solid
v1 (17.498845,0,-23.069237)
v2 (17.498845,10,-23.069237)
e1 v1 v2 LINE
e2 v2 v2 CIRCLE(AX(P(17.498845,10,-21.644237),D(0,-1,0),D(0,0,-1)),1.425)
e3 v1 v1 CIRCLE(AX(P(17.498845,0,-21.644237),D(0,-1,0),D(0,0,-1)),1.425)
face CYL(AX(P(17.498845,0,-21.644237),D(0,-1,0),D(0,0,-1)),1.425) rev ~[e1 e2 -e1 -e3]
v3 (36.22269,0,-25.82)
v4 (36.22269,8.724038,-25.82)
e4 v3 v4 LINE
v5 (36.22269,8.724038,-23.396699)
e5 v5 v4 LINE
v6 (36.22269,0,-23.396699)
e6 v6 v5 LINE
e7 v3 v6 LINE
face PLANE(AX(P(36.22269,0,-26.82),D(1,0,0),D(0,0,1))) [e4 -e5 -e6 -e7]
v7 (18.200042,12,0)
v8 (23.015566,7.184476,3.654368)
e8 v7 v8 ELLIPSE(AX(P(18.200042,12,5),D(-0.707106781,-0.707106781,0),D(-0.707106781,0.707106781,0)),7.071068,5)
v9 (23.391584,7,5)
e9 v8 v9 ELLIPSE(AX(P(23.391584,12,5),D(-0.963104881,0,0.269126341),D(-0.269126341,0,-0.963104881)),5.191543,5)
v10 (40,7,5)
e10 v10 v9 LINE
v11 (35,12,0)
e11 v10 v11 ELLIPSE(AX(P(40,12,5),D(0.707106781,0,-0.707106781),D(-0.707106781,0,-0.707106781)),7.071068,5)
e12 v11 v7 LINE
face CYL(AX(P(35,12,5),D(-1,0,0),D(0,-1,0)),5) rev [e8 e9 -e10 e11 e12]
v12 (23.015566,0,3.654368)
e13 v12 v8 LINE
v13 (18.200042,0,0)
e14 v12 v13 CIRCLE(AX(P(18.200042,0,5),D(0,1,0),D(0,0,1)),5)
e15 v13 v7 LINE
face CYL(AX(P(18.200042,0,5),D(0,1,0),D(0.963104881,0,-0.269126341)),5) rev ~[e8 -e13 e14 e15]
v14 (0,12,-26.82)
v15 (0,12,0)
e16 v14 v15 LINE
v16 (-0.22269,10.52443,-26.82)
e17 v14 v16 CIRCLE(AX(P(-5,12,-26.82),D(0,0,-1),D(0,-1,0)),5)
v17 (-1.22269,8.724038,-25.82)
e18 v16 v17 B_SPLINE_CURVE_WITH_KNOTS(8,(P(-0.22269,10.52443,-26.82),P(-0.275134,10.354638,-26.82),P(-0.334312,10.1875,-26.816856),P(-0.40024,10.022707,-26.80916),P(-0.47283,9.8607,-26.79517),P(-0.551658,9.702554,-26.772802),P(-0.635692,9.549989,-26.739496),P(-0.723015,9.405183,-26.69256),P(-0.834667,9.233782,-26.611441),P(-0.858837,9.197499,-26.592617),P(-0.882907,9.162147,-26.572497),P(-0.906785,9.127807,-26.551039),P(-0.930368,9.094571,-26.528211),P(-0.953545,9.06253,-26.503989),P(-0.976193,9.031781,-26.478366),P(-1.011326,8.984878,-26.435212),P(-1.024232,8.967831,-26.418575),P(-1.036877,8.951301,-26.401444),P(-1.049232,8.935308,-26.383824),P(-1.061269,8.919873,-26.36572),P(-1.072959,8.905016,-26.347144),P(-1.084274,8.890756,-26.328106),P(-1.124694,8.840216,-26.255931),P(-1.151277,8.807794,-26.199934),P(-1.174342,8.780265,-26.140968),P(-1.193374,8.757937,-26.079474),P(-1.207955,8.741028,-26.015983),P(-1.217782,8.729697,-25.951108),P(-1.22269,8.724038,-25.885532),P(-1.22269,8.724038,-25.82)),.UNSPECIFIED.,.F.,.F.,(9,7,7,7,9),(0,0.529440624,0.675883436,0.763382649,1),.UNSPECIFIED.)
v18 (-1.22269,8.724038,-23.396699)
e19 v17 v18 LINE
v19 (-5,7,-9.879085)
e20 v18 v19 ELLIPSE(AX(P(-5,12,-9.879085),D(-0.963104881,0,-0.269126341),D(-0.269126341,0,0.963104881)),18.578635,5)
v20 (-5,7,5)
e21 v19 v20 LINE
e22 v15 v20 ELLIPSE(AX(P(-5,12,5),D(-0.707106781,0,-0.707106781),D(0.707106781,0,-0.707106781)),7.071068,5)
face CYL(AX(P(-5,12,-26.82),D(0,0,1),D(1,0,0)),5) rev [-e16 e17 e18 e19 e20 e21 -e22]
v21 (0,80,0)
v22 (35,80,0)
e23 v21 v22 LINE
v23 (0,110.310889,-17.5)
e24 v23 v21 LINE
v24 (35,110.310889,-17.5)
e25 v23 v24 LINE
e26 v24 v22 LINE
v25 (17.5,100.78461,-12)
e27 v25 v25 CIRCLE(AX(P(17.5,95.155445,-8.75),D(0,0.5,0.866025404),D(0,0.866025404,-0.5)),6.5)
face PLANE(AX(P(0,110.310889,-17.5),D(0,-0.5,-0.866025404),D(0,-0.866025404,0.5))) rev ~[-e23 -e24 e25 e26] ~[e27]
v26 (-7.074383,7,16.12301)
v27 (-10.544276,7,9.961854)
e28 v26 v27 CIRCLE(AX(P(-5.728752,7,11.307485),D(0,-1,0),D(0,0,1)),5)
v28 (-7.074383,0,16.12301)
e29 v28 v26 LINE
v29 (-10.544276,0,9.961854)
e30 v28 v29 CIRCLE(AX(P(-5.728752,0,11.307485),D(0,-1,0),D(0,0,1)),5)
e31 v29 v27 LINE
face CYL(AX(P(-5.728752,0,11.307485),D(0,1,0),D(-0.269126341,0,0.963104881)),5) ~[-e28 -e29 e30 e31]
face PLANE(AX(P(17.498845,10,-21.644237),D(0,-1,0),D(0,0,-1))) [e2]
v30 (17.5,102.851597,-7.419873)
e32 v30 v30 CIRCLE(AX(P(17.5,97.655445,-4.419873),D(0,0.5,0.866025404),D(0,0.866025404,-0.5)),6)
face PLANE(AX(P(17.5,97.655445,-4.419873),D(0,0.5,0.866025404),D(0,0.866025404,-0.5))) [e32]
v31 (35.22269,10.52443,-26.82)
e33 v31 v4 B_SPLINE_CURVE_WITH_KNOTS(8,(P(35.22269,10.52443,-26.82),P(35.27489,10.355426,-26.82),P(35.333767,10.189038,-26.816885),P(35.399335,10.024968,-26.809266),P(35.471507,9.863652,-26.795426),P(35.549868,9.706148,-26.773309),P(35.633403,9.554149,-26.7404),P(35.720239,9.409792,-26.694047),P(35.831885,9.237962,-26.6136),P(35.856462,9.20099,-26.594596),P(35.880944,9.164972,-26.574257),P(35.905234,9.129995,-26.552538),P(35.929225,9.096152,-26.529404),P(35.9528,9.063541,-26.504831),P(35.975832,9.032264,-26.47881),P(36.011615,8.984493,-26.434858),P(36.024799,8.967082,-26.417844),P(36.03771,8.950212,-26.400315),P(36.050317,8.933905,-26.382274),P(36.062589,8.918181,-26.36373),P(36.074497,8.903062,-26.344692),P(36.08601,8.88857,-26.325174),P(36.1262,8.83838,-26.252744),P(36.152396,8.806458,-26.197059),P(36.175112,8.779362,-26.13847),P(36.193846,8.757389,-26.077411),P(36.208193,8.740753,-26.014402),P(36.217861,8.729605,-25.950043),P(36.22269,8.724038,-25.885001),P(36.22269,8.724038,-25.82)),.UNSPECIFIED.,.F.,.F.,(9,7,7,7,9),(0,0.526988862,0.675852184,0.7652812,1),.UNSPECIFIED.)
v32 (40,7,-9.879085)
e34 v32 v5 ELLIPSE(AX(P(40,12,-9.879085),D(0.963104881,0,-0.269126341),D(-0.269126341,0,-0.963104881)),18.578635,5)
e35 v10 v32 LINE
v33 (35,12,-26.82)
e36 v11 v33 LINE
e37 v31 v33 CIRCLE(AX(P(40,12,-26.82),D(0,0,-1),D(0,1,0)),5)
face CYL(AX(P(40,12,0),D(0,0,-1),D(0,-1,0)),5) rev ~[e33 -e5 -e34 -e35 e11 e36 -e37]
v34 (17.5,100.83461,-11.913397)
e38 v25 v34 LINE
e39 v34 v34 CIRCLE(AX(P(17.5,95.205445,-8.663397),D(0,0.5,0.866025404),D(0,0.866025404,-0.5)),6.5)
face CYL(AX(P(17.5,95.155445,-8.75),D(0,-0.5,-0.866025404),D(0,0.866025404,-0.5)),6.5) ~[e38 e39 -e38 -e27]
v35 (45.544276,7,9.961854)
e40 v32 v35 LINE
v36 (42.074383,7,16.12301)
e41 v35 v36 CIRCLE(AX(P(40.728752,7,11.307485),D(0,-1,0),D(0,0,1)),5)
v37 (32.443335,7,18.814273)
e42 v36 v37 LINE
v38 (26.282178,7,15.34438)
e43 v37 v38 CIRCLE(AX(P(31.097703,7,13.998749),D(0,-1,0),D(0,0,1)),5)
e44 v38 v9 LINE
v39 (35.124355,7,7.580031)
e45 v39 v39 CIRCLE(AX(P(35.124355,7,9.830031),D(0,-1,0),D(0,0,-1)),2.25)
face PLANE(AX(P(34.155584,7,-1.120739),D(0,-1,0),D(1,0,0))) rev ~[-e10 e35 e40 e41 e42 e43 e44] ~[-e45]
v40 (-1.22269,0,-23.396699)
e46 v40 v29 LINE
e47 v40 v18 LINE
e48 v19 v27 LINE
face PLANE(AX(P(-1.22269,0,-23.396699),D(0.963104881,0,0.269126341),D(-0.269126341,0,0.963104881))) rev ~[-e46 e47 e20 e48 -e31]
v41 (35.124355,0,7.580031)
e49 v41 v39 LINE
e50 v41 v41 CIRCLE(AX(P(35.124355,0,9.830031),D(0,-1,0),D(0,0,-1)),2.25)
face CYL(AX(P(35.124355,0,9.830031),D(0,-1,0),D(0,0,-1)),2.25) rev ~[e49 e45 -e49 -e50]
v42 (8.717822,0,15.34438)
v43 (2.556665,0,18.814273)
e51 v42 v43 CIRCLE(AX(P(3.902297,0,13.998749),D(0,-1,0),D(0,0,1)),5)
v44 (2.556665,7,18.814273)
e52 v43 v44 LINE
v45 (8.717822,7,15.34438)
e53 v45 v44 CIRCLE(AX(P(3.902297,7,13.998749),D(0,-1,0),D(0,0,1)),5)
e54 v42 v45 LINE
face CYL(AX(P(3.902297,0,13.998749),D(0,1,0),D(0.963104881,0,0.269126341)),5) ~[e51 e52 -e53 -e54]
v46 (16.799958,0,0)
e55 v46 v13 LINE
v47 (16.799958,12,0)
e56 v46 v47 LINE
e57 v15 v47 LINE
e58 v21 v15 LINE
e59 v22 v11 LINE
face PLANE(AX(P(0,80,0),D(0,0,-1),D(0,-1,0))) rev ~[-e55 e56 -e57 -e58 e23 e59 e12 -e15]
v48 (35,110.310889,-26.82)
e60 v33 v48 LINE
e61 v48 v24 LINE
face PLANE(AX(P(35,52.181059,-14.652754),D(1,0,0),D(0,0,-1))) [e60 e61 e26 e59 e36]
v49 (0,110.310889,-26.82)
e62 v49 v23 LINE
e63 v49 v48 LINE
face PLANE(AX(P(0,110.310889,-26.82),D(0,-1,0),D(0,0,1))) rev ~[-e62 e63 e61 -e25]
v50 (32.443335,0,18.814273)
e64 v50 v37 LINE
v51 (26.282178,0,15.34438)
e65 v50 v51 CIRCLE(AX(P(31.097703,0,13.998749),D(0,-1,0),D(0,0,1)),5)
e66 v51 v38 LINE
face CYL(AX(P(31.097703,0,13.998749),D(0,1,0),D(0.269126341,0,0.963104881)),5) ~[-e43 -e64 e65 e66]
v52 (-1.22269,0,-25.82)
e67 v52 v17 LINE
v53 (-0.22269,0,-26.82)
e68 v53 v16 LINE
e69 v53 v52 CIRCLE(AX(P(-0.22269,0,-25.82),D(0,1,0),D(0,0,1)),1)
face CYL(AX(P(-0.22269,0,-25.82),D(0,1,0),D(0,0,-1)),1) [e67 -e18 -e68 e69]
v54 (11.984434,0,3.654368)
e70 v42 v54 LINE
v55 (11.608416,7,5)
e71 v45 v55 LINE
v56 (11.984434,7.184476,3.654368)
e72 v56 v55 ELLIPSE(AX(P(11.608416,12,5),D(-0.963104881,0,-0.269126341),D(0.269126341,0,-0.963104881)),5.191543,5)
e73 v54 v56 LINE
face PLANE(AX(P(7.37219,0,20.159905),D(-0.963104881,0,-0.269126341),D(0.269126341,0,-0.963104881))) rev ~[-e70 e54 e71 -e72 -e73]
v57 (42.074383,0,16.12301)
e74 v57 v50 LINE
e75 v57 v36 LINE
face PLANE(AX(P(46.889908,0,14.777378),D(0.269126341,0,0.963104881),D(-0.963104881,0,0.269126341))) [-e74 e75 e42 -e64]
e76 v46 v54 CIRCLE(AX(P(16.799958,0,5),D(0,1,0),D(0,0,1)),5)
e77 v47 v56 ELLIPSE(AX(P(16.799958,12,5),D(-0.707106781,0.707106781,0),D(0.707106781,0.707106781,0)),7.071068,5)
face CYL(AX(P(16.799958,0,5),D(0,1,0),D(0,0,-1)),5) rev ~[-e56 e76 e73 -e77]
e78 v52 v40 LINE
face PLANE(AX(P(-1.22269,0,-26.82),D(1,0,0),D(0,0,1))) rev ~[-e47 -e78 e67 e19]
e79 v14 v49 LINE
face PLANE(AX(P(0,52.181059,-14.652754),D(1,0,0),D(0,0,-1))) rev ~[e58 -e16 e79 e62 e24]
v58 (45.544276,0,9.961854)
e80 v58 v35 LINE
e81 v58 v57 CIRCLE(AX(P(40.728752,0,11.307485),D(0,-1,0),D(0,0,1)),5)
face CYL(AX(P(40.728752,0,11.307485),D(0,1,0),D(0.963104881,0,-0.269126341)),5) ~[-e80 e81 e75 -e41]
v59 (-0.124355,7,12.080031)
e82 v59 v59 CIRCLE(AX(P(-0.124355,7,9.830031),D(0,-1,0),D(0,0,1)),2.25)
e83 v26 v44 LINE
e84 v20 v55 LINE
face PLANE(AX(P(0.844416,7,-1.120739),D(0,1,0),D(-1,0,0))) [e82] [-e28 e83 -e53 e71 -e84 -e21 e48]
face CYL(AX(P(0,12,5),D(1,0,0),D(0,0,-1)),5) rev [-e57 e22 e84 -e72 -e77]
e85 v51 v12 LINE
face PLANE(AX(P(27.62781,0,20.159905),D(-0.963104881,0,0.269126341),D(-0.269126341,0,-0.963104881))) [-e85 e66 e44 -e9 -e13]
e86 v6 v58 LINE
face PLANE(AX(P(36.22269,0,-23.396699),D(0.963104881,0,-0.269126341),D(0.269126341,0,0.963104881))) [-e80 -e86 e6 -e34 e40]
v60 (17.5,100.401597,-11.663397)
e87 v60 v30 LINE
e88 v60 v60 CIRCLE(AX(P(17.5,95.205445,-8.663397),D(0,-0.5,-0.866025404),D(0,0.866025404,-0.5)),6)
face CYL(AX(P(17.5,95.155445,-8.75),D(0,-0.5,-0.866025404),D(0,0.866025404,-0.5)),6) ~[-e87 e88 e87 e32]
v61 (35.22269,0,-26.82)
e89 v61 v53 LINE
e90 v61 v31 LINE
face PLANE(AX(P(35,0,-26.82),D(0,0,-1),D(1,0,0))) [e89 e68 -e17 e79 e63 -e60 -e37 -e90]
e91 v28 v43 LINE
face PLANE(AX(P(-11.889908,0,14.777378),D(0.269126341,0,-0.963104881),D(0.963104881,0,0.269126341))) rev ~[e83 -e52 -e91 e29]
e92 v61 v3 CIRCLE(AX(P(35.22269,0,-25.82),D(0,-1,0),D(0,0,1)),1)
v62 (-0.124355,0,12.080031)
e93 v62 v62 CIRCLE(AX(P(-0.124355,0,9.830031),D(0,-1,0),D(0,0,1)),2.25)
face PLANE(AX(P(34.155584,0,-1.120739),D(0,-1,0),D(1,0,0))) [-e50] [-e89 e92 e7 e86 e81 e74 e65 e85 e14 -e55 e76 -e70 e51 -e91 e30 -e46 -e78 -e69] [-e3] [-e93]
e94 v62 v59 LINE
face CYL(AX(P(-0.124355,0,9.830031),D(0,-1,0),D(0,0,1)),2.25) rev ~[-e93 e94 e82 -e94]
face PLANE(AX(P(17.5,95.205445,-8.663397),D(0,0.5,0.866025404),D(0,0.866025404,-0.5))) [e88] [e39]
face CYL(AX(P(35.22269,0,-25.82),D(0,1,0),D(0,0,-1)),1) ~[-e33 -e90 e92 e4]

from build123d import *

# Parameters (mm, degrees)
AUFSATZ_LINEAR_AUSTRAGEN1_DEPTH = 35
SKIZZE3_R                       = 6
AUFSATZ_LINEAR_AUSTRAGEN2_DEPTH = 5
SKIZZE4_R                       = 6.5
AUFSATZ_LINEAR_AUSTRAGEN3_DEPTH = 0.1
SKIZZE9_R                       = 1.425
SCHNITT_LINEAR_AUSTRAGEN2_DEPTH = 10
SKIZZE10_R                      = 2.25
AUFSATZ_LINEAR_AUSTRAGEN4_DEPTH = 7
VERRUNDUNG1_R                   = 5
VERRUNDUNG2_R                   = 1


with BuildPart() as part:
    # Skizze1 → Aufsatz-Linear austragen1 (new body)
    with BuildSketch(Plane(origin=(0, 0, 0), x_dir=(0, 0, -1), z_dir=(1, 0, 0))):
        Polygon((0, 0), (17.5, 0), (26.82, 0), (26.82, 110.310889132), (17.5, 110.310889132), (0, 80), align=None)
    extrude(amount=AUFSATZ_LINEAR_AUSTRAGEN1_DEPTH)

    # Skizze3 → Aufsatz-Linear austragen2 (add)
    with BuildSketch(Plane(origin=(0, 20, 34.641016151), x_dir=(1, 0, 0), z_dir=(0, 0.4999999999999977, 0.86602540378444))):
        with Locations(Location((17.5, 86.782032303, 0), (0, 0, 90))):
            Circle(SKIZZE3_R)
    extrude(amount=AUFSATZ_LINEAR_AUSTRAGEN2_DEPTH)

    # Skizze4 → Aufsatz-Linear austragen3 (add)
    with BuildSketch(Plane(origin=(0, 20, 34.641016151), x_dir=(1, 0, 0), z_dir=(0, 0.4999999999999977, 0.8660254037844399))):
        with Locations(Location((17.5, 86.782032303, 0), (0, 0, 90))):
            Circle(SKIZZE4_R)
    extrude(amount=AUFSATZ_LINEAR_AUSTRAGEN3_DEPTH)

    # Skizze9 → Schnitt-Linear austragen2 (cut)
    with BuildSketch(Plane.XZ):
        with Locations(Location((17.498844944, -21.644236877, 0), (0, 0, 270))):
            Circle(SKIZZE9_R)
    extrude(amount=-SCHNITT_LINEAR_AUSTRAGEN2_DEPTH, mode=Mode.SUBTRACT)

    # Skizze10 → Aufsatz-Linear austragen4 (add)
    # profile 1 of 2: a face of its own
    with BuildSketch(Plane.XZ):
        Polygon((35, -26.82), (36.222689888, -26.82), (36.222689888, -23.396698607), (46.889907729, 14.777378017), (27.627810102, 20.159904842), (21.994403466, 0), align=None)
        with Locations(Location((35.124354886, 9.830031101, 0), (0, 0, 270))):
            Circle(SKIZZE10_R, mode=Mode.SUBTRACT)
    # profile 2 of 2: a face of its own
    with BuildSketch(Plane.XZ):
        Polygon((-1.222689888, -26.82), (-1.222689888, -23.396698607), (-11.889907729, 14.777378017), (7.372189898, 20.159904842), (13.005596534, 0), (0, -26.82), align=None)
        with Locations(Location((-0.124354886, 9.830031101, 0), (0, 0, 90))):
            Circle(SKIZZE10_R, mode=Mode.SUBTRACT)
    extrude(amount=-AUFSATZ_LINEAR_AUSTRAGEN4_DEPTH)

    # Verrundung1
    verrundung1_edges = [part.edges().sort_by_distance(p)[0] for p in [
        (6.502798267, 7, 0),
        (28.497201733, 7, 0),
        (35, 7, -13.41),
        (0, 7, -13.41),
        (-11.889907729, 3.5, 14.777378017),
        (7.372189898, 3.5, 20.159904842),
        (46.889907729, 3.5, 14.777378017),
        (27.627810102, 3.5, 20.159904842),
        (21.994403466, 3.5, 0),
        (13.005596534, 3.5, 0),
    ]]
    fillet(verrundung1_edges, radius=VERRUNDUNG1_R)

    # Verrundung2
    verrundung2_edges = [part.edges().sort_by_distance(p)[0] for p in [
        (36.222689888, 4.362018901, -26.82),
        (-1.222689888, 4.362018901, -26.82),
    ]]
    fillet(verrundung2_edges, radius=VERRUNDUNG2_R)


solid = part.part
